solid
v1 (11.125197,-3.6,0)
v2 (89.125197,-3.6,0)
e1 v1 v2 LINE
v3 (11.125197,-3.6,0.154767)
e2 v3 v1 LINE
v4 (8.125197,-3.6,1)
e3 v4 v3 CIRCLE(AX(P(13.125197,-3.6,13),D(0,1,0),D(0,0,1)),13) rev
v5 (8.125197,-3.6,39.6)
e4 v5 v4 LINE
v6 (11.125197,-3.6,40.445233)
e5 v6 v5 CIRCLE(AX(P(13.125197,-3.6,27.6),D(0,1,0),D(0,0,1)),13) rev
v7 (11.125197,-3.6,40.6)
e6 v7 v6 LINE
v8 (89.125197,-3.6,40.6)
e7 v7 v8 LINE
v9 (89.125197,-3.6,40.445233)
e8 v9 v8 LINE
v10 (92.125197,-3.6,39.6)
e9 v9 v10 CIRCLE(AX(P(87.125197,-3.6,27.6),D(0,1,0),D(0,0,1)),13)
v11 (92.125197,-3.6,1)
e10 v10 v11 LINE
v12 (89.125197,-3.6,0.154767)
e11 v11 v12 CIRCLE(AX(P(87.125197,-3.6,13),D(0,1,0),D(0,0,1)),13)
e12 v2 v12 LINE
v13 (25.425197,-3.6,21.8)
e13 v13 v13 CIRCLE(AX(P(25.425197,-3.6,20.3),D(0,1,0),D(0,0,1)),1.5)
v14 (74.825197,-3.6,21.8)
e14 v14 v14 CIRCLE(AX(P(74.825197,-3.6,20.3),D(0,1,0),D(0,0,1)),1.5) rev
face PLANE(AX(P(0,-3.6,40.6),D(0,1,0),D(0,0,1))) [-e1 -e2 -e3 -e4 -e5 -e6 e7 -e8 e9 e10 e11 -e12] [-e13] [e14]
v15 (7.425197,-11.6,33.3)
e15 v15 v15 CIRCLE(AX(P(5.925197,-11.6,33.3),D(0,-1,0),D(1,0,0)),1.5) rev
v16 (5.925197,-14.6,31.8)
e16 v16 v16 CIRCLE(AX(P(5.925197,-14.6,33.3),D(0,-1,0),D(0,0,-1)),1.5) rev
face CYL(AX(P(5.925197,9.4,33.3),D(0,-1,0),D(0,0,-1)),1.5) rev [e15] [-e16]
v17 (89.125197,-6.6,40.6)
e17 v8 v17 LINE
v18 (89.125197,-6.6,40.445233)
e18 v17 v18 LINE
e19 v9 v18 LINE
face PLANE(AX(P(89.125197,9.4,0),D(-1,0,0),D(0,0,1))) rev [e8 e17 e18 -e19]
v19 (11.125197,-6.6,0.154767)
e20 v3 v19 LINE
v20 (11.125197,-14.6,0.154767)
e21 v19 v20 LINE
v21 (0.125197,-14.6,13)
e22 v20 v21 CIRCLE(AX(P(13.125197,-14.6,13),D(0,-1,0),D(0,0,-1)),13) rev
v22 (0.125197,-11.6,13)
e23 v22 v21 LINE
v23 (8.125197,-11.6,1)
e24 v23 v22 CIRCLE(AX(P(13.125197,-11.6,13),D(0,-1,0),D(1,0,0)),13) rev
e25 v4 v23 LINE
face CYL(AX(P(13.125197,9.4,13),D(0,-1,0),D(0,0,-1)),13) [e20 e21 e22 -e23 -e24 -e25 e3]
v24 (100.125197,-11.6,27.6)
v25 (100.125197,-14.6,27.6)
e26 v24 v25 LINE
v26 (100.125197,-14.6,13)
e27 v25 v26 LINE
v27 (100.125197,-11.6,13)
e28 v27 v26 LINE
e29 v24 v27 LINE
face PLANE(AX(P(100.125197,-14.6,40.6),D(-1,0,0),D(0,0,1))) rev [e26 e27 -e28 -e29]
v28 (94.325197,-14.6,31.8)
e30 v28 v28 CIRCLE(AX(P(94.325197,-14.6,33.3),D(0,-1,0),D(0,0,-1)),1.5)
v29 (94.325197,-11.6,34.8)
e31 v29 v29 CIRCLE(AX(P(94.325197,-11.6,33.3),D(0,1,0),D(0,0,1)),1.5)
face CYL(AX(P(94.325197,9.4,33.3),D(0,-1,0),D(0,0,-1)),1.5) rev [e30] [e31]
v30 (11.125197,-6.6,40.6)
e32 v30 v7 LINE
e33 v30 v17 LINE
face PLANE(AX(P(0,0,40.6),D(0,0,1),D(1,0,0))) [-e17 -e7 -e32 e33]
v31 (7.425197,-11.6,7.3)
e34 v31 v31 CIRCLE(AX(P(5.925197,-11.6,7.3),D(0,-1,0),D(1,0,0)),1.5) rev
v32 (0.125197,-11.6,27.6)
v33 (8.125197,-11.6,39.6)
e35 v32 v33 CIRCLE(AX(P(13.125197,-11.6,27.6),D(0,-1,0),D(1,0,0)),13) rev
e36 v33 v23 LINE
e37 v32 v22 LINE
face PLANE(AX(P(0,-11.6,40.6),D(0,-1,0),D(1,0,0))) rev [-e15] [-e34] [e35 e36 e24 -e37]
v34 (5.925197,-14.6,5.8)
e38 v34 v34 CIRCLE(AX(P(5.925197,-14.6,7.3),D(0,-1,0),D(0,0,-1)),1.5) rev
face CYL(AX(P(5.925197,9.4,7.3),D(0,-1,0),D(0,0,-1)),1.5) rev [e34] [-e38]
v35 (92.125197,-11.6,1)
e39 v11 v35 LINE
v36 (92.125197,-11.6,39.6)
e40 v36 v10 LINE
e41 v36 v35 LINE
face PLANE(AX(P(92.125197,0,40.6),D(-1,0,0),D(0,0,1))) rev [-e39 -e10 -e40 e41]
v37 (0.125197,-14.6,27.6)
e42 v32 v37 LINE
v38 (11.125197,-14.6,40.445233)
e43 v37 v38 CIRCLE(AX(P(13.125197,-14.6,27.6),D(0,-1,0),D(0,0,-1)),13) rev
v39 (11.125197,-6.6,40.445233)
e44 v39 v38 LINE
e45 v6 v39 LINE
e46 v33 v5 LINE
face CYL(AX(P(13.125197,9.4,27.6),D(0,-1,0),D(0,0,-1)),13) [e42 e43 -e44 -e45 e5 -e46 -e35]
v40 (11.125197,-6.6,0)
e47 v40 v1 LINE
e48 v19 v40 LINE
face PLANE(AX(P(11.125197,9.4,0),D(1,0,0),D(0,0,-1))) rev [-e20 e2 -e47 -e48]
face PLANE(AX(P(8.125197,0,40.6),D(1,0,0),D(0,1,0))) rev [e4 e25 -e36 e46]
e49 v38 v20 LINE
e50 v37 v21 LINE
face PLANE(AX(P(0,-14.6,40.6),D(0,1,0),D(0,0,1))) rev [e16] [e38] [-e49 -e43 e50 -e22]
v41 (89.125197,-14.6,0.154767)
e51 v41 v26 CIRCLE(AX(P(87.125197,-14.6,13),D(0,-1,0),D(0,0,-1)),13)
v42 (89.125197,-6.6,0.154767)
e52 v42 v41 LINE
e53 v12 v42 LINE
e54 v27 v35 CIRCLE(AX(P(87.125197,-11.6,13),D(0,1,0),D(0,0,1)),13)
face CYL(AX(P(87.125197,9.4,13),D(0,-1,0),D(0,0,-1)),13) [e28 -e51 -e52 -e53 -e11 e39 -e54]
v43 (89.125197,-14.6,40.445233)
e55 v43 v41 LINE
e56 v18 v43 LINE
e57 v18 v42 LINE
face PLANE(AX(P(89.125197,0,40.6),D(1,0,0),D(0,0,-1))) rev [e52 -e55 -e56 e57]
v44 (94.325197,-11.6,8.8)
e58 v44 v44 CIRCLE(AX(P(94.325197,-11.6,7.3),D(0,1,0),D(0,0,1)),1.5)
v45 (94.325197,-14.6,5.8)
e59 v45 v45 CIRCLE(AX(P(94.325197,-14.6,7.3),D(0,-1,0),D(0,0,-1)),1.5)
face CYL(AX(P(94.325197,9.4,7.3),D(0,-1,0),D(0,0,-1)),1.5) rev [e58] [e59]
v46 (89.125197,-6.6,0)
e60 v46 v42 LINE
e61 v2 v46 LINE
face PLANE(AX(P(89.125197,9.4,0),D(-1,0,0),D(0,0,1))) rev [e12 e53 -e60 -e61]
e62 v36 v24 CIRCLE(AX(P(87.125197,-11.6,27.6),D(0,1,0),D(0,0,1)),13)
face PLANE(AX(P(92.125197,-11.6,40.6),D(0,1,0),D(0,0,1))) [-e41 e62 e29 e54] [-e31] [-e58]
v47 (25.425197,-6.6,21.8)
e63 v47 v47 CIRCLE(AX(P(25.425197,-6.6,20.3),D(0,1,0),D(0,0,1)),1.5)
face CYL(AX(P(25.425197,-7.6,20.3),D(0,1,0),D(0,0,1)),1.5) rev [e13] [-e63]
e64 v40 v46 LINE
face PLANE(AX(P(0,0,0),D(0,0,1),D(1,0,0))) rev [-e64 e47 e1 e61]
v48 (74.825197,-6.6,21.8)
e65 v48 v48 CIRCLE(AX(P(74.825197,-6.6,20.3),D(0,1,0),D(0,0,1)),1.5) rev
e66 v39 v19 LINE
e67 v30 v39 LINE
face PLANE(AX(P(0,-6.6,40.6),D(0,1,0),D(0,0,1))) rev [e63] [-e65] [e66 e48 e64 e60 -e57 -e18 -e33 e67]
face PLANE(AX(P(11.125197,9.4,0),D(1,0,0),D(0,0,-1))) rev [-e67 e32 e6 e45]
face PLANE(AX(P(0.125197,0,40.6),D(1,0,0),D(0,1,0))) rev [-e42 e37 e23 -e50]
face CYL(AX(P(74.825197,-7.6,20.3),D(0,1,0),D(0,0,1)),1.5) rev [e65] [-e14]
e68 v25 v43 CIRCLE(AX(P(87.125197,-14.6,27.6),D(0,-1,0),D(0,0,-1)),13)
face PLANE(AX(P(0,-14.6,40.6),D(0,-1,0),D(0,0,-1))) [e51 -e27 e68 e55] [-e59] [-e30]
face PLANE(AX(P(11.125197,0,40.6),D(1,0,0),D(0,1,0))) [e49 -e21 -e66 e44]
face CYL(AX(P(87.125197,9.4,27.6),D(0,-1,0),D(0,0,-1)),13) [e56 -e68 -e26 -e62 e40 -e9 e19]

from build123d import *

# Parameters (mm, degrees)
BOSS_EXTRUDE1_DEPTH = 40.6
SKETCH2_R           = 1.5
CUT_EXTRUDE3_DEPTH  = 24
SKETCH5_R           = 1.5
CUT_EXTRUDE4_DEPTH  = 4


with BuildPart() as part:
    # Sketch1 → Boss-Extrude1 (new body)
    with BuildSketch(Plane.XY):
        Polygon((8.125196993, -3.6), (8.125196993, -11.6), (0.125196993, -11.6), (0.125196993, -14.6), (11.125196993, -14.6), (11.125196993, -6.6), (89.125196993, -6.6), (89.125196993, -14.6), (100.125196993, -14.6), (100.125196993, -11.6), (92.125196993, -11.6), (92.125196993, -3.6), align=None)
    extrude(amount=BOSS_EXTRUDE1_DEPTH)

    # Sketch2 → Cut-Extrude3 (cut)
    with BuildSketch(Plane.XZ.offset(14.6)):
        with BuildLine():
            Line((89.125196993, 0.154767421), (89.125196993, 0))
            Line((89.125196993, 0), (100.125196993, 0))
            Line((100.125196993, 0), (100.125196993, 13))
            ThreePointArc((100.125196993, 13), (96.999405822, 4.544232737), (89.125196993, 0.154767421))
        make_face()
        with BuildLine():
            Line((89.125196993, 40.6), (89.125196993, 40.445232579))
            ThreePointArc((89.125196993, 40.445232579), (96.999405822, 36.055767263), (100.125196993, 27.6))
            Line((100.125196993, 27.6), (100.125196993, 40.6))
            Line((100.125196993, 40.6), (89.125196993, 40.6))
        make_face()
        with BuildLine():
            Line((0.125196993, 0), (11.125196993, 0))
            Line((11.125196993, 0), (11.125196993, 0.154767421))
            ThreePointArc((11.125196993, 0.154767421), (3.250988164, 4.544232737), (0.125196993, 13))
            Line((0.125196993, 13), (0.125196993, 0))
        make_face()
        with BuildLine():
            ThreePointArc((0.125196993, 27.6), (3.250988164, 36.055767263), (11.125196993, 40.445232579))
            Line((11.125196993, 40.445232579), (11.125196993, 40.6))
            Line((11.125196993, 40.6), (0.125196993, 40.6))
            Line((0.125196993, 40.6), (0.125196993, 27.6))
        make_face()
        with Locations((94.325196993, 33.3)):
            Circle(SKETCH2_R)
        with Locations((94.325196993, 7.3)):
            Circle(SKETCH2_R)
        with Locations((5.925196993, 33.3)):
            Circle(SKETCH2_R)
        with Locations((5.925196993, 7.3)):
            Circle(SKETCH2_R)
    extrude(amount=-CUT_EXTRUDE3_DEPTH, mode=Mode.SUBTRACT)

    # Sketch5 → Cut-Extrude4 (cut)
    with BuildSketch(Plane(origin=(0, -3.6, 0), x_dir=(1, 0, 0), z_dir=(0, 1, 0))):
        with Locations((25.425196993, -20.3)):
            Circle(SKETCH5_R)
        with Locations((74.825196993, -20.3)):
            Circle(SKETCH5_R)
    extrude(amount=-CUT_EXTRUDE4_DEPTH, mode=Mode.SUBTRACT)


solid = part.part
